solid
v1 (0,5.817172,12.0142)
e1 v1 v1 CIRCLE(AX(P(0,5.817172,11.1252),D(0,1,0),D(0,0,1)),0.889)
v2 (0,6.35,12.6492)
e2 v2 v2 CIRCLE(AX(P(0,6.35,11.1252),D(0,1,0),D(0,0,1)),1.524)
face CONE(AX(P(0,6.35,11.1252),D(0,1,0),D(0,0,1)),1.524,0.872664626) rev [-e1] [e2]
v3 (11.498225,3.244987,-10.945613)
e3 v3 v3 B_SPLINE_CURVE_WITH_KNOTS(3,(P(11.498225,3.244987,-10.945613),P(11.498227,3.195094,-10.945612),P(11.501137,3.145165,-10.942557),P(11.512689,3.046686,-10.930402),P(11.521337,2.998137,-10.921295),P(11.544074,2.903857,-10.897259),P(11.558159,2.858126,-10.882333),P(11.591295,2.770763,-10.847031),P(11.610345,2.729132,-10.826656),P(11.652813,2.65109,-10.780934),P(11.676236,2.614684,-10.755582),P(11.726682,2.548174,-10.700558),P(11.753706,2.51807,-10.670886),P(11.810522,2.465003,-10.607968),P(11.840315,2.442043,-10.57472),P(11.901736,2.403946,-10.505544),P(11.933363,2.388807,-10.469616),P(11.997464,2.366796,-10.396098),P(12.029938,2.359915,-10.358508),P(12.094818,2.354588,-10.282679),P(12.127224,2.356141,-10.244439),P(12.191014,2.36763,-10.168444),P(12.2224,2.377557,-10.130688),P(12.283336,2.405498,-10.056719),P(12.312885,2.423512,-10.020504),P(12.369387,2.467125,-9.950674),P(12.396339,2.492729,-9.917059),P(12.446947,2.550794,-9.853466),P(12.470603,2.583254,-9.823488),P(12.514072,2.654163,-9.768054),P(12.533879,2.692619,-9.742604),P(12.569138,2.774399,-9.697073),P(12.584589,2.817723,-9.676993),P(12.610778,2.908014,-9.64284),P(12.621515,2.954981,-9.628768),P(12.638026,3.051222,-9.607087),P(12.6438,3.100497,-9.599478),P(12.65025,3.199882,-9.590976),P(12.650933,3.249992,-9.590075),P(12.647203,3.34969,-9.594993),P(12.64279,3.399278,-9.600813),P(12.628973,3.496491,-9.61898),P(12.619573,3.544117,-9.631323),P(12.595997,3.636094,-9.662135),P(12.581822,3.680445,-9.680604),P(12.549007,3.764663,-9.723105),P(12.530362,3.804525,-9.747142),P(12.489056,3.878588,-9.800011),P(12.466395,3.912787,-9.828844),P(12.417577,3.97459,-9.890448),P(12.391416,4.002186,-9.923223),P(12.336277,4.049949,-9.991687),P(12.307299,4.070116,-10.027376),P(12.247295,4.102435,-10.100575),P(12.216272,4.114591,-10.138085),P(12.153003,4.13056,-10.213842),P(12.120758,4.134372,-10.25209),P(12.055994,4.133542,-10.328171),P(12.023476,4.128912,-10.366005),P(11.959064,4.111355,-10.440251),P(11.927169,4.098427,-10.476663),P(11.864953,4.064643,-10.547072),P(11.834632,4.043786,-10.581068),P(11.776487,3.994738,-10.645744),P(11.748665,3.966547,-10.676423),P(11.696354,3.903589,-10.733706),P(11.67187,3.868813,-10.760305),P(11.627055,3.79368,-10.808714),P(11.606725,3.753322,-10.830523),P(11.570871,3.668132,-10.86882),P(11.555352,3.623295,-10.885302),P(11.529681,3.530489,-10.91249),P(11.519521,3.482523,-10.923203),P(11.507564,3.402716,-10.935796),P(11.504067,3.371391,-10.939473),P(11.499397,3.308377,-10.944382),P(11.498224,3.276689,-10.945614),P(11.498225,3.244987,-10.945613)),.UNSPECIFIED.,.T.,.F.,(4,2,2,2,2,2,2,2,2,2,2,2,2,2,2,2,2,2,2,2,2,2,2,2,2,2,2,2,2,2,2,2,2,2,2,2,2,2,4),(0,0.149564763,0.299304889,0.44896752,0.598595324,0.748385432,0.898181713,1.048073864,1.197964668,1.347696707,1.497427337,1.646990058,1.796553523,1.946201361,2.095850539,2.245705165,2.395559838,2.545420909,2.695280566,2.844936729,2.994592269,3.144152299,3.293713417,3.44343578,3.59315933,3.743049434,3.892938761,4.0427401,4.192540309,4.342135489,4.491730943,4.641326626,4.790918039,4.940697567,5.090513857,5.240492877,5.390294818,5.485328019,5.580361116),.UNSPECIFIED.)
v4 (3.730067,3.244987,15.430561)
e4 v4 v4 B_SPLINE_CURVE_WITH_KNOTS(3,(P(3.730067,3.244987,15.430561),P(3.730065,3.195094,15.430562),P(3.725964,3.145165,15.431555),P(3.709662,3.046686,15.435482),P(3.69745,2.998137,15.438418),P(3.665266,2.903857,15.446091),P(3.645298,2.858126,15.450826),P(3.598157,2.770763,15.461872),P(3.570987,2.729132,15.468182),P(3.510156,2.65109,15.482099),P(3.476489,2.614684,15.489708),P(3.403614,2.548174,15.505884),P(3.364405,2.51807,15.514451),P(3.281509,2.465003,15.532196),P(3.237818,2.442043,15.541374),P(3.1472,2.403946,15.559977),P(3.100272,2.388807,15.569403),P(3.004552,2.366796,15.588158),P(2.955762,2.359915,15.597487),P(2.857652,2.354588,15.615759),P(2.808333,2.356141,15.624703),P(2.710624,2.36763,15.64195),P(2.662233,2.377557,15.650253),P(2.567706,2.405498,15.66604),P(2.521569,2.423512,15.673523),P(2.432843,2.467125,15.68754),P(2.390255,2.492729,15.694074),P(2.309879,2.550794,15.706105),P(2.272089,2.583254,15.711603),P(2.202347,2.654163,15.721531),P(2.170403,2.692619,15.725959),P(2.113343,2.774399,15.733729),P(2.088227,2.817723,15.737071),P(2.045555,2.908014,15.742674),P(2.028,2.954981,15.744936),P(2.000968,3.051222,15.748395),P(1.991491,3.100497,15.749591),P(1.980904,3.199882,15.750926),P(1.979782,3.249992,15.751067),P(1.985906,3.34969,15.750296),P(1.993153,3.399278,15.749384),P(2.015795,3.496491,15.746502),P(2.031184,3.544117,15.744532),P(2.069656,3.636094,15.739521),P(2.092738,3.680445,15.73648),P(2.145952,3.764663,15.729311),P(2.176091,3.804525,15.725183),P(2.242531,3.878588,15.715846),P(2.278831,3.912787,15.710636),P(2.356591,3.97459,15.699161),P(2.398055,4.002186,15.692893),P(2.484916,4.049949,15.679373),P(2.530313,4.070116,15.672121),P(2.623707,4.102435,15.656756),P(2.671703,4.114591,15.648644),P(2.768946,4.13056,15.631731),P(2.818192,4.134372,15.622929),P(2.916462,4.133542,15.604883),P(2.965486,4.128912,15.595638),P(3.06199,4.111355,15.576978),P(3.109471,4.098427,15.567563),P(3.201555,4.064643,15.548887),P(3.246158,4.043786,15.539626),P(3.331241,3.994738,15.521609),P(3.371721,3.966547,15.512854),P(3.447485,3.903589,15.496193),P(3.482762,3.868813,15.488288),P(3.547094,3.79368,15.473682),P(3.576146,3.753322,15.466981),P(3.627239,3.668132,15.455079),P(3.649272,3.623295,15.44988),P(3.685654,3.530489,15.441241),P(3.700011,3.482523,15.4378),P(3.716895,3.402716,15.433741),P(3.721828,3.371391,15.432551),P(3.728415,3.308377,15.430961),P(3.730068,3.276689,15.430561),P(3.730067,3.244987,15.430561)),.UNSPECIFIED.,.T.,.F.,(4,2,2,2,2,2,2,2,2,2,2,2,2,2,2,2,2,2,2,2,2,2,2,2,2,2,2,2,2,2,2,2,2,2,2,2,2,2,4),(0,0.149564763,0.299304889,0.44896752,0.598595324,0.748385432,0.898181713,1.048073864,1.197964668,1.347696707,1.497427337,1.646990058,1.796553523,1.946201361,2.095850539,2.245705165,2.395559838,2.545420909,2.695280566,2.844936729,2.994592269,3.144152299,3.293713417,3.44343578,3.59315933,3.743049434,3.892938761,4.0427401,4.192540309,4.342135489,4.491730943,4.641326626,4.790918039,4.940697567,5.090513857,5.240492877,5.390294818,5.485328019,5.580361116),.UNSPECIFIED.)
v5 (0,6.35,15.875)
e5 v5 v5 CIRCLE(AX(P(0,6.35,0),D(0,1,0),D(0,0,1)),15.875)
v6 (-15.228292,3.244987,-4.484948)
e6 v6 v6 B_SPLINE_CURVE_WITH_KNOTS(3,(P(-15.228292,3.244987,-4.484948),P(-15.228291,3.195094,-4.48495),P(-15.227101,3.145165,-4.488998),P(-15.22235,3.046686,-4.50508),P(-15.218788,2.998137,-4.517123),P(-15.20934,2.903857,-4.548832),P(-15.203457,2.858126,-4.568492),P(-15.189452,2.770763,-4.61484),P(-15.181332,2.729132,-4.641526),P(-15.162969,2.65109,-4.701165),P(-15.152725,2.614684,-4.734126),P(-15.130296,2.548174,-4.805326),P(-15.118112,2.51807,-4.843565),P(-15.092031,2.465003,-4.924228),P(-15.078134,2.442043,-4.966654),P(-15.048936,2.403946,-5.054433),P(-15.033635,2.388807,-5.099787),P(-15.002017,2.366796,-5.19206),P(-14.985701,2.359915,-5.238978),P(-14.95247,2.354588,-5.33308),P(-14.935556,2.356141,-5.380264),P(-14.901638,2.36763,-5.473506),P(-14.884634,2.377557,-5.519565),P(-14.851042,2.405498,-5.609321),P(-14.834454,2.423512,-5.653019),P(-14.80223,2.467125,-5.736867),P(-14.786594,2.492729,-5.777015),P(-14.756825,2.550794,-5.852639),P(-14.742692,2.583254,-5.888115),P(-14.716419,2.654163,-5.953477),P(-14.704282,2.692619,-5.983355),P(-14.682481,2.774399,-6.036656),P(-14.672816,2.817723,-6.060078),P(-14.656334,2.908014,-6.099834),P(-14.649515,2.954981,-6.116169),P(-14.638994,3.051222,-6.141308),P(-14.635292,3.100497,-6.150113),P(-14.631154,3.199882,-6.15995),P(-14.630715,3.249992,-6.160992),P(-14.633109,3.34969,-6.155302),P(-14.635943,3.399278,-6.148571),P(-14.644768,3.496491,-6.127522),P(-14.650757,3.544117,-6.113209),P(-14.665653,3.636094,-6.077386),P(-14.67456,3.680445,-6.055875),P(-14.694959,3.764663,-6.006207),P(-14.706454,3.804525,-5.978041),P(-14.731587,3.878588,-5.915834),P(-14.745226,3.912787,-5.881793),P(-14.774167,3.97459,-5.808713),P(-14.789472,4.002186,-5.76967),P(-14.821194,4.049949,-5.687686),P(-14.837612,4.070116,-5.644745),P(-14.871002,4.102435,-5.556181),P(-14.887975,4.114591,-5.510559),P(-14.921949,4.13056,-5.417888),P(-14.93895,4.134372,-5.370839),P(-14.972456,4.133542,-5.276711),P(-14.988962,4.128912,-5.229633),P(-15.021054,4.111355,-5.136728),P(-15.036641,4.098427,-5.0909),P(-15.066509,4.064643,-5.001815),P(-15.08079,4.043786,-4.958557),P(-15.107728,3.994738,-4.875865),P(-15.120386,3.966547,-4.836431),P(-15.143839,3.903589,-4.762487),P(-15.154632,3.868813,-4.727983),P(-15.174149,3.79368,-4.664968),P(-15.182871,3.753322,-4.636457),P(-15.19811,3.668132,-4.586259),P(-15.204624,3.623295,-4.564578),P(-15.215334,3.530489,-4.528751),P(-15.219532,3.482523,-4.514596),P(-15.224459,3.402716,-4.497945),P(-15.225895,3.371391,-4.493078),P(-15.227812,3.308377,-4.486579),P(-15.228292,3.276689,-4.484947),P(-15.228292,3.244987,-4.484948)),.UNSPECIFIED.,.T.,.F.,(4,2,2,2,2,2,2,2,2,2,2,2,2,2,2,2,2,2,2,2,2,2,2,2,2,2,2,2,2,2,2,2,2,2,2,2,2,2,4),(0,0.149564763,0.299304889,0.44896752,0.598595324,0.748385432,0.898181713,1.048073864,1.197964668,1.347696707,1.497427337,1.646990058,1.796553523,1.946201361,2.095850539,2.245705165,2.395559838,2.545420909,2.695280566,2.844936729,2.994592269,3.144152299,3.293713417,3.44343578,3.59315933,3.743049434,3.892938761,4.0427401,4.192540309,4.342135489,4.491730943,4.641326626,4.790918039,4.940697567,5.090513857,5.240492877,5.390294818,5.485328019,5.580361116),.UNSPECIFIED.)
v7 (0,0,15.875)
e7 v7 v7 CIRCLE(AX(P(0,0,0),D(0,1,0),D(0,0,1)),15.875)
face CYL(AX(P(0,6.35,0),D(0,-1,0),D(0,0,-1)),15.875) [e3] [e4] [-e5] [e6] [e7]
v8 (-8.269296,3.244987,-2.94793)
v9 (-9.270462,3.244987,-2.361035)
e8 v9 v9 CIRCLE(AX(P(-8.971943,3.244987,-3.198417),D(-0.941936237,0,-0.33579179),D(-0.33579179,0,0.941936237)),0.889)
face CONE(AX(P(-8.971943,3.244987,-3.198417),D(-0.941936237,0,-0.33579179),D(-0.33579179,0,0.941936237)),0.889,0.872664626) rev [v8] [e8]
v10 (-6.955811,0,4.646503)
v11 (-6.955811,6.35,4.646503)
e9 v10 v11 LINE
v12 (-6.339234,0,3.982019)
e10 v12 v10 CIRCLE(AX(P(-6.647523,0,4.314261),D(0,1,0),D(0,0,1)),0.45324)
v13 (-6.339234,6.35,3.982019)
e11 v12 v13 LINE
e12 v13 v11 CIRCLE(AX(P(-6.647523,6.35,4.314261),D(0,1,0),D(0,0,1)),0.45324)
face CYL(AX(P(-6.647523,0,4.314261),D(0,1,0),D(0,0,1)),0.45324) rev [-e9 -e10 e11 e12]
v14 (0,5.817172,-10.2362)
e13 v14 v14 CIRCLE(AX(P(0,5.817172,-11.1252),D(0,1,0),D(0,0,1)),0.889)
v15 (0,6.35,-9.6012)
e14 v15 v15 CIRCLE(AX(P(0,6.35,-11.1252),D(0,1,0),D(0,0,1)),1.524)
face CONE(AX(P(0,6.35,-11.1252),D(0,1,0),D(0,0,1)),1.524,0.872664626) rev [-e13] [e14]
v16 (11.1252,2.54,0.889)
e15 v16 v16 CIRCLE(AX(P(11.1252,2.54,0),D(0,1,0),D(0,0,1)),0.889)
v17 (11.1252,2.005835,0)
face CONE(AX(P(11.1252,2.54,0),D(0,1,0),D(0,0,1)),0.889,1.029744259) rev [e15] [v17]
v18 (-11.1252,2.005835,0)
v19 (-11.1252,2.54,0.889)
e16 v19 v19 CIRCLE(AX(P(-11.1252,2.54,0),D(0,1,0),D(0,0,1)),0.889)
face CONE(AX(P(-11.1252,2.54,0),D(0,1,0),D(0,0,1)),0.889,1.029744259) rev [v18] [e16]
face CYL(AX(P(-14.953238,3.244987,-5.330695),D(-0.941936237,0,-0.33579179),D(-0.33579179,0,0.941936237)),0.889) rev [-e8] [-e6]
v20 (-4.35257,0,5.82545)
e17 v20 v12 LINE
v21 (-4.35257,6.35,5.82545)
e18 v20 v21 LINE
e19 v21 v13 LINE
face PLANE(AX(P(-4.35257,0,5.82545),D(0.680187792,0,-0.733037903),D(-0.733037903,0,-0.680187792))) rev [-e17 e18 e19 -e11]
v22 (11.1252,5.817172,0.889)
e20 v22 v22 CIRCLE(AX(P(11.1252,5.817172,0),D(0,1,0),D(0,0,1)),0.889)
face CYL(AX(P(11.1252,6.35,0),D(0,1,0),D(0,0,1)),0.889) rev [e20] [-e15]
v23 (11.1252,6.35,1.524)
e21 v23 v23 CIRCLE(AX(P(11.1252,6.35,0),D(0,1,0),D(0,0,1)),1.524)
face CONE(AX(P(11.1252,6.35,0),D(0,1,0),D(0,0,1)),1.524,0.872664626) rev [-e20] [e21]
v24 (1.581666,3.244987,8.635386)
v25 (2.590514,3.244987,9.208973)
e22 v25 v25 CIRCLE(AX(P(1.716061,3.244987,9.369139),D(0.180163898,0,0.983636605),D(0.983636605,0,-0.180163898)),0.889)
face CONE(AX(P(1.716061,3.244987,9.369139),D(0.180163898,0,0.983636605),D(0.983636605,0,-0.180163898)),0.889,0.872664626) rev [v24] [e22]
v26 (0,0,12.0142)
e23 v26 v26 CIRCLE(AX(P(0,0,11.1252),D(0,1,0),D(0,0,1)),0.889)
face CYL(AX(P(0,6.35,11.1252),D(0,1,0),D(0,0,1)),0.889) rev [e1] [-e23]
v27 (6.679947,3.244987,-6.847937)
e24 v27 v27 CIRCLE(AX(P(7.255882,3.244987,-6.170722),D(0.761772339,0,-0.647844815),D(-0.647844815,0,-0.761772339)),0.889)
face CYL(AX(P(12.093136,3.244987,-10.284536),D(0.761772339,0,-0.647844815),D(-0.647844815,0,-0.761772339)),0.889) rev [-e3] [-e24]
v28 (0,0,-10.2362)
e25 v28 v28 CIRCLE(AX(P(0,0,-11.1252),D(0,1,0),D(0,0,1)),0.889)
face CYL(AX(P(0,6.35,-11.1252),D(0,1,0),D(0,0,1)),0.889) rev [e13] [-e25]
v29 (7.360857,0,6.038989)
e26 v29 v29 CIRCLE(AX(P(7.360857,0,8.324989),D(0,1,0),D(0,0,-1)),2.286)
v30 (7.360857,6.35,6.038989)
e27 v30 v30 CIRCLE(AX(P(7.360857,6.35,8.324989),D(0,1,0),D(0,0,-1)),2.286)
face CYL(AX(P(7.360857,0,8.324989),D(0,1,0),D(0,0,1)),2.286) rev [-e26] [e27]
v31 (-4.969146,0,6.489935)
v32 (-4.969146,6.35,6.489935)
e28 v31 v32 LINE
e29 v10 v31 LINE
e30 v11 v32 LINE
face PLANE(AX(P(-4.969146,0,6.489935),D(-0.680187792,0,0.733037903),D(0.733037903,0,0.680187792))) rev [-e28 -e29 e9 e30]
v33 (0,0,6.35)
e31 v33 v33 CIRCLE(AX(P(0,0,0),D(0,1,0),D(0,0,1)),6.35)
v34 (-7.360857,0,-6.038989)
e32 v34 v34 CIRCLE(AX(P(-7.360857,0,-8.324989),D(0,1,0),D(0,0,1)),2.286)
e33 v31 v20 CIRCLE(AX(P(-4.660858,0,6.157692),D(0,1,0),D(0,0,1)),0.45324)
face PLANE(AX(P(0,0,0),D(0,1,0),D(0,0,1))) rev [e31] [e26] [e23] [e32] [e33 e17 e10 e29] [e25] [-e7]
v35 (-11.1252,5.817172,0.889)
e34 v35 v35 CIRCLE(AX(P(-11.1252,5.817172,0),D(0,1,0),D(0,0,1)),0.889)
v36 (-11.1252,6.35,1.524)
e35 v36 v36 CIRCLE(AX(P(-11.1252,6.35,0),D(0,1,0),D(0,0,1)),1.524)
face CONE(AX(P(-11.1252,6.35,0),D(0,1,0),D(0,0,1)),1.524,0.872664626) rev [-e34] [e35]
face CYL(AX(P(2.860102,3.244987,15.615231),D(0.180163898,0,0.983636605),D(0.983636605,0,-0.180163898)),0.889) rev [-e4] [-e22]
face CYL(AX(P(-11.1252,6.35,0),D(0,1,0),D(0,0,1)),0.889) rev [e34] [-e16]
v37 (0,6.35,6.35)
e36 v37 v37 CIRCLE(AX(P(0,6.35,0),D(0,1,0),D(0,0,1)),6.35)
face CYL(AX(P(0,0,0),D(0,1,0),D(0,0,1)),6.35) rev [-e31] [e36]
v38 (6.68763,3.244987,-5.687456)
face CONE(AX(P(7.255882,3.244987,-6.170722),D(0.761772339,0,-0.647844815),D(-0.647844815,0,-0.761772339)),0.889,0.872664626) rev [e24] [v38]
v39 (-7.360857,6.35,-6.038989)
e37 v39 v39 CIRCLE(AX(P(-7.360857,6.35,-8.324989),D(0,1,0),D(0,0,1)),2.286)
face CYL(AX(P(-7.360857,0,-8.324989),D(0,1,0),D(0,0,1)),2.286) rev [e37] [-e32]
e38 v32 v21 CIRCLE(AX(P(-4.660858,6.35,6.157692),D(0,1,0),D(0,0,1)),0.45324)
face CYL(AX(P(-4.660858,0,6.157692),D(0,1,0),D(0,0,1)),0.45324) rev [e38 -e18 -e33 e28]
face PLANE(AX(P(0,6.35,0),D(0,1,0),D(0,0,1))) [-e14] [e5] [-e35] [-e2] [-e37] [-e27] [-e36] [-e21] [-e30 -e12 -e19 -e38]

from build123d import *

# Parameters (mm, degrees)
SKETCH1_R                           = 15.875
BOSS_EXTRUDE1_DEPTH                 = 6.35
SKETCH2_R                           = 6.35
CUT_EXTRUDE1_DEPTH                  = 24.3313898
TAP_DRILL_FOR_2_56_TAP2_D           = 1.778
TAP_DRILL_FOR_2_56_TAP2_CSINK_D     = 3.048
TAP_DRILL_FOR_2_56_TAP2_CSINK_ANGLE = 100
CIRPATTERN1_COUNT                   = 2
CIRPATTERN2_COUNT                   = 2
SKETCH11_R                          = 2.286
CUT_EXTRUDE2_DEPTH                  = 24.3313898
CIRPATTERN3_COUNT                   = 2
CIRPATTERN4_COUNT                   = 3
CUT_EXTRUDE3_DEPTH                  = 24.331389963


with BuildPart() as part:
    # Sketch1 → Boss-Extrude1 (new body)
    with BuildSketch(Plane(origin=(0, 0, 0), x_dir=(1, 0, 0), z_dir=(0, 1, 0))):
        with Locations(Location((0, 0, 0), (0, 0, 270))):
            Circle(SKETCH1_R)
    extrude(amount=BOSS_EXTRUDE1_DEPTH)

    # Sketch2 → Cut-Extrude1 (cut, through all)
    with BuildSketch(Plane(origin=(0, 6.35, 0), x_dir=(1, 0, 0), z_dir=(0, 1, 0))):
        with Locations(Location((0, 0, 0), (0, 0, 270))):
            Circle(SKETCH2_R)
    extrude(amount=-CUT_EXTRUDE1_DEPTH, mode=Mode.SUBTRACT)

    # Tap Drill for #2-56 Tap2 (through all)
    with Locations(Plane(origin=(0, 6.35, 0), x_dir=(1, 0, 0), z_dir=(0, 1, 0))):
        with Locations((0, 11.1252)):
            tap_drill_for_2_56_tap2 = CounterSinkHole(TAP_DRILL_FOR_2_56_TAP2_D / 2, TAP_DRILL_FOR_2_56_TAP2_CSINK_D / 2, counter_sink_angle=TAP_DRILL_FOR_2_56_TAP2_CSINK_ANGLE)

    # CirPattern1: Tap Drill for #2-56 Tap2 ×2 about axis
    cirpattern1_axis = Axis((0, 0, 0), (0, 1, 0))
    for i in range(1, CIRPATTERN1_COUNT):
        add(tap_drill_for_2_56_tap2.rotate(cirpattern1_axis, i * 360 / CIRPATTERN1_COUNT), mode=Mode.SUBTRACT)

    # Sketch10 → Tap Drill for #2-56 Tap1 (revolve, cut)
    with BuildSketch(Plane(origin=(11.1252, 6.35, 0), x_dir=(0, 0, 1), z_dir=(1, 0, 0))):
        Polygon((0, 0), (0, 4.34416509), (0.889, 3.81), (0.889, 0.532828266), (1.524, 0), align=None)
    tap_drill_for_2_56_tap1 = revolve(axis=Axis((11.1252, 12.7, 0), (0, -1, 0)), mode=Mode.SUBTRACT)

    # CirPattern2: Tap Drill for #2-56 Tap1 ×2 about axis
    cirpattern2_axis = Axis((0, 0, 0), (0, 1, 0))
    for i in range(1, CIRPATTERN2_COUNT):
        add(tap_drill_for_2_56_tap1.rotate(cirpattern2_axis, i * 360 / CIRPATTERN2_COUNT), mode=Mode.SUBTRACT)

    # Sketch11 → Cut-Extrude2 (cut, through all)
    with BuildSketch(Plane(origin=(0, 6.35, 0), x_dir=(1, 0, 0), z_dir=(0, 1, 0))):
        with Locations(Location((-7.360856908, 8.324988999, 0), (0, 0, 270))):
            Circle(SKETCH11_R)
    cut_extrude2 = extrude(amount=-CUT_EXTRUDE2_DEPTH, mode=Mode.SUBTRACT)

    # CirPattern3: Cut-Extrude2 ×2 about axis
    cirpattern3_axis = Axis((0, 0, 0), (0, 1, 0))
    for i in range(1, CIRPATTERN3_COUNT):
        add(cut_extrude2.rotate(cirpattern3_axis, i * 360 / CIRPATTERN3_COUNT), mode=Mode.SUBTRACT)

    # Sketch16 → Tap Drill for #2-56 Tap3 (revolve, cut)
    with BuildSketch(Plane(origin=(12.093135875, 3.244987275, -10.284536436), x_dir=(-0.6478448148472237, 0, -0.7617723386127685), z_dir=(0, 1, 0))):
        Polygon((0, 0), (0, 7.095959572), (0.889, 6.35), (0.889, 0), align=None)
    tap_drill_for_2_56_tap3 = revolve(axis=Axis((16.930390226, 3.244987275, -14.39835101), (-0.7617723386127686, 0, 0.6478448148472237)), mode=Mode.SUBTRACT)

    # CirPattern4: Tap Drill for #2-56 Tap3 ×3 about axis
    cirpattern4_axis = Axis((0, 6.35, 0), (0, -1, 0))
    for i in range(1, CIRPATTERN4_COUNT):
        add(tap_drill_for_2_56_tap3.rotate(cirpattern4_axis, i * 360 / CIRPATTERN4_COUNT), mode=Mode.SUBTRACT)

    # Sketch17 → Cut-Extrude3 (cut, through all)
    with BuildSketch(Plane(origin=(0, 6.35, 0), x_dir=(1, 0, 0), z_dir=(0, 1, 0))):
        with BuildLine():
            Line((-4.96914615, -6.489934512), (-6.955810814, -4.646503161))
            ThreePointArc((-6.955810814, -4.646503161), (-6.979764598, -4.005972756), (-6.339234193, -3.982018972))
            Line((-6.339234193, -3.982018972), (-4.352569529, -5.825450323))
            ThreePointArc((-4.352569529, -5.825450323), (-4.328615745, -6.465980728), (-4.96914615, -6.489934512))
        make_face()
    extrude(amount=-CUT_EXTRUDE3_DEPTH, mode=Mode.SUBTRACT)


solid = part.part
